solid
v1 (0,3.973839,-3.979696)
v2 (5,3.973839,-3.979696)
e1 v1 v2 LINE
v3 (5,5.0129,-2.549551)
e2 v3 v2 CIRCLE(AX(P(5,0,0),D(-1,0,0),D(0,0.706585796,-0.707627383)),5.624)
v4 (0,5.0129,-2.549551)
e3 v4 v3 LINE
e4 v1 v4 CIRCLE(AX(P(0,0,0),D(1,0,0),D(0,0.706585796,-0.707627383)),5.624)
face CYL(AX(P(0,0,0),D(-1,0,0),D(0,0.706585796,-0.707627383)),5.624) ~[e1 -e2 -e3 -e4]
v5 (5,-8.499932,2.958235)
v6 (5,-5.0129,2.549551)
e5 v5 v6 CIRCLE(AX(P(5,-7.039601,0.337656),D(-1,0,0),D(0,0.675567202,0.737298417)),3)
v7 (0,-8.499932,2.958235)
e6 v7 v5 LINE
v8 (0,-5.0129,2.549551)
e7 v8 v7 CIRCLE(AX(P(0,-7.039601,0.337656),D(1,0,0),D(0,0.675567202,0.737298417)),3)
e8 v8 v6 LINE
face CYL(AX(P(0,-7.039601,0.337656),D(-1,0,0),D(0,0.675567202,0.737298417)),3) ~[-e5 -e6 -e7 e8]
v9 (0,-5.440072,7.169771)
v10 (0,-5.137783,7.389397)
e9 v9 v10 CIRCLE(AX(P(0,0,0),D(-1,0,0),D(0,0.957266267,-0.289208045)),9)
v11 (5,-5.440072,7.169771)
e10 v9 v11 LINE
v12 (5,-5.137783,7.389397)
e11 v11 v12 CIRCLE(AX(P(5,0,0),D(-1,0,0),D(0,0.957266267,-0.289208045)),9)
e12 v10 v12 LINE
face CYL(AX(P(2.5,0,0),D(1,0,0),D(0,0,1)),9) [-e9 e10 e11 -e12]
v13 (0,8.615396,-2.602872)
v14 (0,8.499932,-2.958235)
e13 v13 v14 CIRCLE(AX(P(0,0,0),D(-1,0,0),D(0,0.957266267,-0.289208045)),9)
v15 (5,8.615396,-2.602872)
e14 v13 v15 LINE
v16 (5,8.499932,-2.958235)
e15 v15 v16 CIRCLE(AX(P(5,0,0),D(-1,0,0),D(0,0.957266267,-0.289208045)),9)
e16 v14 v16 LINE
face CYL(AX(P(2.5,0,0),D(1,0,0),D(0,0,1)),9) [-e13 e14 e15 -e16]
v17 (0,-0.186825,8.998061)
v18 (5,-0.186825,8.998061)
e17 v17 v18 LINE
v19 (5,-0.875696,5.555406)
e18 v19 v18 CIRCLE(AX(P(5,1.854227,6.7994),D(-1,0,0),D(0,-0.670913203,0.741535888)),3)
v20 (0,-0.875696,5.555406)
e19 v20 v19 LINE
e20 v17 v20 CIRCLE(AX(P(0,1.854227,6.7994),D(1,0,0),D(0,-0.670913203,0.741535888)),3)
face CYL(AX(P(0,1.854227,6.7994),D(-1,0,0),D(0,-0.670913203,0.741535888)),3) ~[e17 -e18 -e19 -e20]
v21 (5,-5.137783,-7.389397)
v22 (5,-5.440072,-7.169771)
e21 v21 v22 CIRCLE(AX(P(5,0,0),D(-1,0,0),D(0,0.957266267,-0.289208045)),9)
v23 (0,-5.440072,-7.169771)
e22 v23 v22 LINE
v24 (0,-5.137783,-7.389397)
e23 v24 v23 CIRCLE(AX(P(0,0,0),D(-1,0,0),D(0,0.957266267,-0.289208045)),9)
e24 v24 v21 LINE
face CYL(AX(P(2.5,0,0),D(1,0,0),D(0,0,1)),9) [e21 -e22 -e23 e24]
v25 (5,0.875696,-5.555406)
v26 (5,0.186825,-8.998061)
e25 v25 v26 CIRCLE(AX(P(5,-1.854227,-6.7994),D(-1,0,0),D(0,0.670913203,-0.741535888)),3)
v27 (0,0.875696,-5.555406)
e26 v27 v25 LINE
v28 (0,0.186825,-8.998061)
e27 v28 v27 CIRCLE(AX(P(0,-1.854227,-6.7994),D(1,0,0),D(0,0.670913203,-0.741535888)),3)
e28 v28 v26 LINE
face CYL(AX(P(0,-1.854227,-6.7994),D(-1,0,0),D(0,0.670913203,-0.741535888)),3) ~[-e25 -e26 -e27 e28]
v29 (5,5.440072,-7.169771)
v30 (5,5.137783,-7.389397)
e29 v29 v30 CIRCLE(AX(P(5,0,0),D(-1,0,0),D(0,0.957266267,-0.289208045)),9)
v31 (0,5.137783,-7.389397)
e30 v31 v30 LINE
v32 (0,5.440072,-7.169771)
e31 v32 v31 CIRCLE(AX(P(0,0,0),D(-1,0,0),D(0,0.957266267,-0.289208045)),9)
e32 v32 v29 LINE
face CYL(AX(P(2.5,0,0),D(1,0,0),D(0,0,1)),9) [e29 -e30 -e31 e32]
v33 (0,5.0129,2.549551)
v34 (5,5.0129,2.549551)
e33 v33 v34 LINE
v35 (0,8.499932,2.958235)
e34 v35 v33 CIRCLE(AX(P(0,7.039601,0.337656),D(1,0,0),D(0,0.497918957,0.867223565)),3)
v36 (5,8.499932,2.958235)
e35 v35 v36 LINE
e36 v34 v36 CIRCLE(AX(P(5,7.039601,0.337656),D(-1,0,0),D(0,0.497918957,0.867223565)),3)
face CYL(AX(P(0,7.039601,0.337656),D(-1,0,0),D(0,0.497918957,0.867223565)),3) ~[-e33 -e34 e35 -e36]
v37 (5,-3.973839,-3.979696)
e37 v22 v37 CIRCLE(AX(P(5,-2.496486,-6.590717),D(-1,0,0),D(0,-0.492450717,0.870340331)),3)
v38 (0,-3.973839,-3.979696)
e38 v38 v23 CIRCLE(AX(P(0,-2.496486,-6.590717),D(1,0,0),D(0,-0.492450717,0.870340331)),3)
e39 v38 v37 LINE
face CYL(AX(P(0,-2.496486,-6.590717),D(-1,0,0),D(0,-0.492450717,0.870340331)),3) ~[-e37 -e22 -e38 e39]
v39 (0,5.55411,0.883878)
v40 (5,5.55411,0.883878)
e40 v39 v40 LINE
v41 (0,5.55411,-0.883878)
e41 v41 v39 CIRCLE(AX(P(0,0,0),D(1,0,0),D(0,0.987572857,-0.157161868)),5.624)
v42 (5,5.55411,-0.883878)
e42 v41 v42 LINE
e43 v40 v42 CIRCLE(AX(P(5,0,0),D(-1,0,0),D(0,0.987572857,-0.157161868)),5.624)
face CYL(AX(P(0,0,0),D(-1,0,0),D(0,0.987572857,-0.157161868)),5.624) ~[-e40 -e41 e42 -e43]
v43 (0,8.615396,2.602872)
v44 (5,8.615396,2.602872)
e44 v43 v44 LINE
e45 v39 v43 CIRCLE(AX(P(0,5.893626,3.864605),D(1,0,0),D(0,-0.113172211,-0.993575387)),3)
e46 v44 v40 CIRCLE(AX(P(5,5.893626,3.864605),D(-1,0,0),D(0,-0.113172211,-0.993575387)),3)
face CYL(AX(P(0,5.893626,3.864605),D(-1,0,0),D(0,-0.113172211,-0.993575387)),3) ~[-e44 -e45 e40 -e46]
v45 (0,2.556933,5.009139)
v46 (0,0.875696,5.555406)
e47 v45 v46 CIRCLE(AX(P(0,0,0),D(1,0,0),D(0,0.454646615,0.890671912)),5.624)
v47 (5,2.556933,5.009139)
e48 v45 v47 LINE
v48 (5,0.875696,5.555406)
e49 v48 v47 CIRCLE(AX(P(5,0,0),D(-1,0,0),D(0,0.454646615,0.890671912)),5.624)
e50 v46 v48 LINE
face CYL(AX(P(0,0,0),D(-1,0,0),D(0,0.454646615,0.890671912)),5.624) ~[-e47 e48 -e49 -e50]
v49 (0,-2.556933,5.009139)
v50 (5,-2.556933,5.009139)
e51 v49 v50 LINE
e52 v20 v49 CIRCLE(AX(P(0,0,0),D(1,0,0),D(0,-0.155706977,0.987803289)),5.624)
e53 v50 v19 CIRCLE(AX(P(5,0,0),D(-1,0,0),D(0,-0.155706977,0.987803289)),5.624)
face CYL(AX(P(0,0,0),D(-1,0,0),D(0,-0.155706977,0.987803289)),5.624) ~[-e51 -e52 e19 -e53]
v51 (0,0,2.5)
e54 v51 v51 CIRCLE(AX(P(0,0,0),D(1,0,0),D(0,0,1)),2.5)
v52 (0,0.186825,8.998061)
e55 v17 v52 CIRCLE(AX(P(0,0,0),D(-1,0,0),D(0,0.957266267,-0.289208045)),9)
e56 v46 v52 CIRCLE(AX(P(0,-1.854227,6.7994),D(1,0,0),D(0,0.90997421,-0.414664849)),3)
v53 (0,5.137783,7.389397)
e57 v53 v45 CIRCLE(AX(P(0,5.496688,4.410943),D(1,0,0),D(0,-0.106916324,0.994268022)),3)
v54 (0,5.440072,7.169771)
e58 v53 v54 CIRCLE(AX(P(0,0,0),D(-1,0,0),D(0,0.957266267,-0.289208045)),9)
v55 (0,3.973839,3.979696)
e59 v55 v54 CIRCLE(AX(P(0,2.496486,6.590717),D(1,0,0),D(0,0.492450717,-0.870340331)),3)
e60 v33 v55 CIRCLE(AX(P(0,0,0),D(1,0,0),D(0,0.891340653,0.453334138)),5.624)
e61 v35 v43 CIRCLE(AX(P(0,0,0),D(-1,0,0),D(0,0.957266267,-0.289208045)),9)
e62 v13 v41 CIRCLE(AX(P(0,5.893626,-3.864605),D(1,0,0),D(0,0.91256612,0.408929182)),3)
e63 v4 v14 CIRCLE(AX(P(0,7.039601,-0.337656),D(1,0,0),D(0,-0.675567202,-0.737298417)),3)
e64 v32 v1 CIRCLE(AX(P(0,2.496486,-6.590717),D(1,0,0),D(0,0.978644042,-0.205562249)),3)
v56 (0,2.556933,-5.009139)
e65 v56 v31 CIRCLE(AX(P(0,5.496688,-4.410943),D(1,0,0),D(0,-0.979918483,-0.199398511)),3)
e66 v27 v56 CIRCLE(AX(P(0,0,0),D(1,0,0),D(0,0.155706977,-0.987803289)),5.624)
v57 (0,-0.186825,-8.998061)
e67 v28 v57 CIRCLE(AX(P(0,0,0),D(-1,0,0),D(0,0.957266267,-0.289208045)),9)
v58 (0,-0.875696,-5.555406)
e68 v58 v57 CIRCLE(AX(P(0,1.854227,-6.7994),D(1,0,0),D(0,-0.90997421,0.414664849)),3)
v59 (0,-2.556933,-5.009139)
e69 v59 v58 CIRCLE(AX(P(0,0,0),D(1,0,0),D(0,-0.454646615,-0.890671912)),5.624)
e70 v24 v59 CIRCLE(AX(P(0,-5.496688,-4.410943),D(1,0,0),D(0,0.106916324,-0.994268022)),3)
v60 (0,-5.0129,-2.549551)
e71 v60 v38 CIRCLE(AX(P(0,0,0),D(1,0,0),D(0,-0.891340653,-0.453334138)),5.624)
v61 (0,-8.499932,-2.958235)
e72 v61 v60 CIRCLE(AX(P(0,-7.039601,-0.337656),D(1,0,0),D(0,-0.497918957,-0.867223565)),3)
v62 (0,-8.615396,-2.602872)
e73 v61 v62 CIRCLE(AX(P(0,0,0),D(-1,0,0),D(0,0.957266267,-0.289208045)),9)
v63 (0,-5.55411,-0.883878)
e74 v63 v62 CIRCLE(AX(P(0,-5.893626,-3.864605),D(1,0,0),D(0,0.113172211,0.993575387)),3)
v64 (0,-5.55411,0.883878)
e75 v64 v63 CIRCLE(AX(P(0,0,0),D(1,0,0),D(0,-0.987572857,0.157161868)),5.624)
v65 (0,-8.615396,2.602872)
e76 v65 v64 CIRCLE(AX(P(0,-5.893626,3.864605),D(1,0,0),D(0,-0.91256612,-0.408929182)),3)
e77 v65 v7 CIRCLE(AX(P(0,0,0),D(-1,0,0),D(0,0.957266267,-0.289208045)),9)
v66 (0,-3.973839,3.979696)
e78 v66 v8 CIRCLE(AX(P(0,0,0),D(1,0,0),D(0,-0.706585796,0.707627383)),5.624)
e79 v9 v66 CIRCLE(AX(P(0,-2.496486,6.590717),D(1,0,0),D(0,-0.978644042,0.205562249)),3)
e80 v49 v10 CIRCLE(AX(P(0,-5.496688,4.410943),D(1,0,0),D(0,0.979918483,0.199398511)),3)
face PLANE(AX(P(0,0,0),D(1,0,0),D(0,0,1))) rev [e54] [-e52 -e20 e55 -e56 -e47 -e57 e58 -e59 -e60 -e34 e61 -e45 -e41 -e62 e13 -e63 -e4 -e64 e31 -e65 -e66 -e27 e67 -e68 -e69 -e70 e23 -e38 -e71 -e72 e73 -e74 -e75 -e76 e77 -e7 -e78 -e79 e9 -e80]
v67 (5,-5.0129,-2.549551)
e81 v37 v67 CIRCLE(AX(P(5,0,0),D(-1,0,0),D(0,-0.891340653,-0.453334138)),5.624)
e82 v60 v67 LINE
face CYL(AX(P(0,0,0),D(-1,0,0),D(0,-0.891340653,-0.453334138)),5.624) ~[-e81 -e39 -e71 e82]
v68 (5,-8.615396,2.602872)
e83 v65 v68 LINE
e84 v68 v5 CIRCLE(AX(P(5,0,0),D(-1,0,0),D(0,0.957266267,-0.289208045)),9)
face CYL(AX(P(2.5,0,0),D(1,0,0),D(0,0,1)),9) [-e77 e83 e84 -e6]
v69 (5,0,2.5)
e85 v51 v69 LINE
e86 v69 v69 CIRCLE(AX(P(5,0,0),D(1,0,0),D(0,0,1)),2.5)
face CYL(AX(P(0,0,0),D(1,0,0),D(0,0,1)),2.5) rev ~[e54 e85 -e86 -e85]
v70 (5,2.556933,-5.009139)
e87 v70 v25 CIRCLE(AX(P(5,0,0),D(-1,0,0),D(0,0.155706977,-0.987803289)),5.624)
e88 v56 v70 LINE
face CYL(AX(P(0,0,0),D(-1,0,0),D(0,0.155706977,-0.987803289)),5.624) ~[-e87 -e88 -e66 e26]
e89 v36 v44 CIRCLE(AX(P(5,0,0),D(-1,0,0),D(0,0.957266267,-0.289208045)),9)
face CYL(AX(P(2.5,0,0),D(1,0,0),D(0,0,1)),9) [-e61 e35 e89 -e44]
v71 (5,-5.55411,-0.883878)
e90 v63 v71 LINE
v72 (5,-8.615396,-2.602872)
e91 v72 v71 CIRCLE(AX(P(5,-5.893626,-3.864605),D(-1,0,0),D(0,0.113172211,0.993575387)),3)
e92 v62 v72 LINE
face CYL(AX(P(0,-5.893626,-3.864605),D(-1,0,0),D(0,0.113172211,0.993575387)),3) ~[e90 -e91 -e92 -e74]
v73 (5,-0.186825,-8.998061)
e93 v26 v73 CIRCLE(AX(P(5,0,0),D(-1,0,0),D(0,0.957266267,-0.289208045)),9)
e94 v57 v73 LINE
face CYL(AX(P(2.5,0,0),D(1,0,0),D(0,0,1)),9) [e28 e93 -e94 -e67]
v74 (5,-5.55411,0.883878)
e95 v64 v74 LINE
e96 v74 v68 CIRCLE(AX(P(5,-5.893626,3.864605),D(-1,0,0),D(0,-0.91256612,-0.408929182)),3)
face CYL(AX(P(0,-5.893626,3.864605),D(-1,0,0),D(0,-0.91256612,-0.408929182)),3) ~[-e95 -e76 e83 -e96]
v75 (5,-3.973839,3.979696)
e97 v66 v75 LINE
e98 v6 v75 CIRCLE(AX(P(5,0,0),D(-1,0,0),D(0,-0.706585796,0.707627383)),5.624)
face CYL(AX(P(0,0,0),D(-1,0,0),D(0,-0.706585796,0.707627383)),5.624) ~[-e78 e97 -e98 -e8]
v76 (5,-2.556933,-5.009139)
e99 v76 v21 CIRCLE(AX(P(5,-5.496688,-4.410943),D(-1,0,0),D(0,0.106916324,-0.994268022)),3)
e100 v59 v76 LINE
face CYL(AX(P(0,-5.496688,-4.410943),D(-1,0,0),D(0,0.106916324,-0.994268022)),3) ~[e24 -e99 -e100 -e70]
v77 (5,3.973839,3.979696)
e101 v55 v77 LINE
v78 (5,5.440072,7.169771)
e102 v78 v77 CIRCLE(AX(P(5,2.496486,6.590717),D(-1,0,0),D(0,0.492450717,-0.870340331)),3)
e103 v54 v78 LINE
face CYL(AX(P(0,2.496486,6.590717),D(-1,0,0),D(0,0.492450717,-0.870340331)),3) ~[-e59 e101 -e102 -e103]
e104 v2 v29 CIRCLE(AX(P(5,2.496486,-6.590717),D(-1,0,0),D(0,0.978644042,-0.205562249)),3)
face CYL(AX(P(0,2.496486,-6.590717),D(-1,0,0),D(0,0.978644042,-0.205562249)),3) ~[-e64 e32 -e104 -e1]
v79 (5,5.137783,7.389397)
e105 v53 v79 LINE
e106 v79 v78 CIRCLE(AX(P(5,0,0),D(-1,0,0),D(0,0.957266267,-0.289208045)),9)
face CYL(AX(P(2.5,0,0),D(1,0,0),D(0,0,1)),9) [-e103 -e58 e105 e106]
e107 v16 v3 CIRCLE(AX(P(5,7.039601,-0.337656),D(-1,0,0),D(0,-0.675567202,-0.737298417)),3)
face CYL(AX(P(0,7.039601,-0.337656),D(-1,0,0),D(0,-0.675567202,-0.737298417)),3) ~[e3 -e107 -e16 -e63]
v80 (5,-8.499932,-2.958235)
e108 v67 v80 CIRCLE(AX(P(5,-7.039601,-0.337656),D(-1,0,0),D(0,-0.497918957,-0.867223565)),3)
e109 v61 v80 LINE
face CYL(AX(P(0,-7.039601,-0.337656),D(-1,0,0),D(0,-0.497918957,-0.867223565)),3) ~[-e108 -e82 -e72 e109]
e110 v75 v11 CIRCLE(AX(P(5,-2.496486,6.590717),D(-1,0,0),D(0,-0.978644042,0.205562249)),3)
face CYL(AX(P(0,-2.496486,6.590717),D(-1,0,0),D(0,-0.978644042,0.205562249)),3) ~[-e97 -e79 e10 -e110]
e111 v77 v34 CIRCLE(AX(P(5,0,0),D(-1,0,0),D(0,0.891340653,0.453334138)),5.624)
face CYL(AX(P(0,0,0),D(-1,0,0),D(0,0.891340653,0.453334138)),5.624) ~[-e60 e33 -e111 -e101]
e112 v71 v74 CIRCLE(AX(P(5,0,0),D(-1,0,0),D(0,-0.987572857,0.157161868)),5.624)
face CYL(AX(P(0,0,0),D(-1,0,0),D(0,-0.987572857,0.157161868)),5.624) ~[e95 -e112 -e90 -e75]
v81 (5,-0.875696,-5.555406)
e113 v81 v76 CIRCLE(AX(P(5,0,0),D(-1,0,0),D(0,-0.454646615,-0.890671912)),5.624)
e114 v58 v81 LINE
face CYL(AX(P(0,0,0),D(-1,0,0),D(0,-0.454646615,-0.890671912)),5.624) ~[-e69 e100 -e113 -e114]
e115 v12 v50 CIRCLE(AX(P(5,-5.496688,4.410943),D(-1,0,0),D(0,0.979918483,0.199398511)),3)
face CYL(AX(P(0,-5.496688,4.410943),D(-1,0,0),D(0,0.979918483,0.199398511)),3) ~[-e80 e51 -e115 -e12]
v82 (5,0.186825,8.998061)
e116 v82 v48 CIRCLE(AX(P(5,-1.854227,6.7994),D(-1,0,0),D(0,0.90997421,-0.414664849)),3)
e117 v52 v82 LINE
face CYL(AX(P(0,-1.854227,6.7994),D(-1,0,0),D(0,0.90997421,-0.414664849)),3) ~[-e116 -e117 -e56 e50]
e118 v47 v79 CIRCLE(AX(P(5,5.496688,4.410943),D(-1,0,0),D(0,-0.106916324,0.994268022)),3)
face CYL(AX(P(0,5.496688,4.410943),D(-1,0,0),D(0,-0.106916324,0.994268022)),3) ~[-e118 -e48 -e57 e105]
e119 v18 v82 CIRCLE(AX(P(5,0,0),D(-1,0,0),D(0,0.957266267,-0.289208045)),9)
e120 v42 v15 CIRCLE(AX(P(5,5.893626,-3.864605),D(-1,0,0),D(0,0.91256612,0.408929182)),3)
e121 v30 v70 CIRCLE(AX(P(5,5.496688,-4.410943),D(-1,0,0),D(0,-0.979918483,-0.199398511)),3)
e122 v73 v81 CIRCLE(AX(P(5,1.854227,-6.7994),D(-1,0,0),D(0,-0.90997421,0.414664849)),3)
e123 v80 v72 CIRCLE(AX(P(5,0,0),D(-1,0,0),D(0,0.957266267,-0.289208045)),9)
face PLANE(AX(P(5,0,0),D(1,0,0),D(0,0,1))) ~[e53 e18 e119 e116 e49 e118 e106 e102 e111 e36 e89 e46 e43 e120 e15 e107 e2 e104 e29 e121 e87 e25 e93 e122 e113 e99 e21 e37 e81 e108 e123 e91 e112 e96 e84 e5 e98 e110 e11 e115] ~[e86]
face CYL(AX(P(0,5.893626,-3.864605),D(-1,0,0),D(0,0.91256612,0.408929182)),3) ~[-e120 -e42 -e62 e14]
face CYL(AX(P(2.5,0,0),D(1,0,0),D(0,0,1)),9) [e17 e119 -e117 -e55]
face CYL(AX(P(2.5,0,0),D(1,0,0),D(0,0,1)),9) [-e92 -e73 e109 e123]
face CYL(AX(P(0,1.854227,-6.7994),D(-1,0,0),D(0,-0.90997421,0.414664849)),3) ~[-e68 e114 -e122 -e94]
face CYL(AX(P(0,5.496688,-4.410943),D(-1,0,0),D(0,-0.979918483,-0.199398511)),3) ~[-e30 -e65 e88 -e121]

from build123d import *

# Parameters (mm, degrees)
BASPROSKE_W     = 5
BASPROSKE_H     = 9
TOOTHCUT_DEPTH  = 14.674794331
TEETHCUTS_COUNT = 10
TEETHCUTS_ANGLE = 324
BORSKE_R        = 2.5
BORE_DEPTH      = 50.0000508


with BuildPart() as part:
    # BasProSke → Base-Revolve (revolve)
    with BuildSketch(Plane(origin=(0, 0, 0), x_dir=(1, 0, 0), z_dir=(0, 1, 0)), mode=Mode.PRIVATE) as base_revolve_sk:
        with Locations((2.5, 4.5)):
            Rectangle(BASPROSKE_W, BASPROSKE_H)
    revolve(base_revolve_sk.sketch.rotate(Axis((-10, 0, 0), (1, 0, 0)), 180), axis=Axis((-10, 0, 0), (1, 0, 0)))

    # TooCutSke → ToothCut (cut, through all)
    with BuildSketch(Plane(origin=(0, 0, 0), x_dir=(0, 0, -1), z_dir=(1, 0, 0))):
        with BuildLine():
            ThreePointArc((0.883878355, 5.554109745), (0, 5.624), (-0.883878355, 5.554109745))
            ThreePointArc((-0.883878355, 5.554109745), (-1.258245767, 7.379188248), (-2.637816971, 8.631324741))
            ThreePointArc((-2.637816971, 8.631324741), (0, 9.0254), (2.637816971, 8.631324741))
            ThreePointArc((2.637816971, 8.631324741), (1.258245767, 7.379188248), (0.883878355, 5.554109745))
        make_face()
    toothcut = extrude(amount=TOOTHCUT_DEPTH, mode=Mode.SUBTRACT)

    # TeethCuts: ToothCut ×10 about axis
    teethcuts_axis = Axis((-10, 0, 0), (1, 0, 0))
    for i in range(1, TEETHCUTS_COUNT):
        add(toothcut.rotate(teethcuts_axis, i * TEETHCUTS_ANGLE / (TEETHCUTS_COUNT - 1)), mode=Mode.SUBTRACT)

    # BorSke → Bore (cut, symmetric)
    with BuildSketch(Plane(origin=(0, 0, 0), x_dir=(0, 0, -1), z_dir=(1, 0, 0))):
        with Locations(Location((0, 0, 0), (0, 0, 180))):
            Circle(BORSKE_R)
    extrude(amount=BORE_DEPTH, both=True, mode=Mode.SUBTRACT)


solid = part.part
